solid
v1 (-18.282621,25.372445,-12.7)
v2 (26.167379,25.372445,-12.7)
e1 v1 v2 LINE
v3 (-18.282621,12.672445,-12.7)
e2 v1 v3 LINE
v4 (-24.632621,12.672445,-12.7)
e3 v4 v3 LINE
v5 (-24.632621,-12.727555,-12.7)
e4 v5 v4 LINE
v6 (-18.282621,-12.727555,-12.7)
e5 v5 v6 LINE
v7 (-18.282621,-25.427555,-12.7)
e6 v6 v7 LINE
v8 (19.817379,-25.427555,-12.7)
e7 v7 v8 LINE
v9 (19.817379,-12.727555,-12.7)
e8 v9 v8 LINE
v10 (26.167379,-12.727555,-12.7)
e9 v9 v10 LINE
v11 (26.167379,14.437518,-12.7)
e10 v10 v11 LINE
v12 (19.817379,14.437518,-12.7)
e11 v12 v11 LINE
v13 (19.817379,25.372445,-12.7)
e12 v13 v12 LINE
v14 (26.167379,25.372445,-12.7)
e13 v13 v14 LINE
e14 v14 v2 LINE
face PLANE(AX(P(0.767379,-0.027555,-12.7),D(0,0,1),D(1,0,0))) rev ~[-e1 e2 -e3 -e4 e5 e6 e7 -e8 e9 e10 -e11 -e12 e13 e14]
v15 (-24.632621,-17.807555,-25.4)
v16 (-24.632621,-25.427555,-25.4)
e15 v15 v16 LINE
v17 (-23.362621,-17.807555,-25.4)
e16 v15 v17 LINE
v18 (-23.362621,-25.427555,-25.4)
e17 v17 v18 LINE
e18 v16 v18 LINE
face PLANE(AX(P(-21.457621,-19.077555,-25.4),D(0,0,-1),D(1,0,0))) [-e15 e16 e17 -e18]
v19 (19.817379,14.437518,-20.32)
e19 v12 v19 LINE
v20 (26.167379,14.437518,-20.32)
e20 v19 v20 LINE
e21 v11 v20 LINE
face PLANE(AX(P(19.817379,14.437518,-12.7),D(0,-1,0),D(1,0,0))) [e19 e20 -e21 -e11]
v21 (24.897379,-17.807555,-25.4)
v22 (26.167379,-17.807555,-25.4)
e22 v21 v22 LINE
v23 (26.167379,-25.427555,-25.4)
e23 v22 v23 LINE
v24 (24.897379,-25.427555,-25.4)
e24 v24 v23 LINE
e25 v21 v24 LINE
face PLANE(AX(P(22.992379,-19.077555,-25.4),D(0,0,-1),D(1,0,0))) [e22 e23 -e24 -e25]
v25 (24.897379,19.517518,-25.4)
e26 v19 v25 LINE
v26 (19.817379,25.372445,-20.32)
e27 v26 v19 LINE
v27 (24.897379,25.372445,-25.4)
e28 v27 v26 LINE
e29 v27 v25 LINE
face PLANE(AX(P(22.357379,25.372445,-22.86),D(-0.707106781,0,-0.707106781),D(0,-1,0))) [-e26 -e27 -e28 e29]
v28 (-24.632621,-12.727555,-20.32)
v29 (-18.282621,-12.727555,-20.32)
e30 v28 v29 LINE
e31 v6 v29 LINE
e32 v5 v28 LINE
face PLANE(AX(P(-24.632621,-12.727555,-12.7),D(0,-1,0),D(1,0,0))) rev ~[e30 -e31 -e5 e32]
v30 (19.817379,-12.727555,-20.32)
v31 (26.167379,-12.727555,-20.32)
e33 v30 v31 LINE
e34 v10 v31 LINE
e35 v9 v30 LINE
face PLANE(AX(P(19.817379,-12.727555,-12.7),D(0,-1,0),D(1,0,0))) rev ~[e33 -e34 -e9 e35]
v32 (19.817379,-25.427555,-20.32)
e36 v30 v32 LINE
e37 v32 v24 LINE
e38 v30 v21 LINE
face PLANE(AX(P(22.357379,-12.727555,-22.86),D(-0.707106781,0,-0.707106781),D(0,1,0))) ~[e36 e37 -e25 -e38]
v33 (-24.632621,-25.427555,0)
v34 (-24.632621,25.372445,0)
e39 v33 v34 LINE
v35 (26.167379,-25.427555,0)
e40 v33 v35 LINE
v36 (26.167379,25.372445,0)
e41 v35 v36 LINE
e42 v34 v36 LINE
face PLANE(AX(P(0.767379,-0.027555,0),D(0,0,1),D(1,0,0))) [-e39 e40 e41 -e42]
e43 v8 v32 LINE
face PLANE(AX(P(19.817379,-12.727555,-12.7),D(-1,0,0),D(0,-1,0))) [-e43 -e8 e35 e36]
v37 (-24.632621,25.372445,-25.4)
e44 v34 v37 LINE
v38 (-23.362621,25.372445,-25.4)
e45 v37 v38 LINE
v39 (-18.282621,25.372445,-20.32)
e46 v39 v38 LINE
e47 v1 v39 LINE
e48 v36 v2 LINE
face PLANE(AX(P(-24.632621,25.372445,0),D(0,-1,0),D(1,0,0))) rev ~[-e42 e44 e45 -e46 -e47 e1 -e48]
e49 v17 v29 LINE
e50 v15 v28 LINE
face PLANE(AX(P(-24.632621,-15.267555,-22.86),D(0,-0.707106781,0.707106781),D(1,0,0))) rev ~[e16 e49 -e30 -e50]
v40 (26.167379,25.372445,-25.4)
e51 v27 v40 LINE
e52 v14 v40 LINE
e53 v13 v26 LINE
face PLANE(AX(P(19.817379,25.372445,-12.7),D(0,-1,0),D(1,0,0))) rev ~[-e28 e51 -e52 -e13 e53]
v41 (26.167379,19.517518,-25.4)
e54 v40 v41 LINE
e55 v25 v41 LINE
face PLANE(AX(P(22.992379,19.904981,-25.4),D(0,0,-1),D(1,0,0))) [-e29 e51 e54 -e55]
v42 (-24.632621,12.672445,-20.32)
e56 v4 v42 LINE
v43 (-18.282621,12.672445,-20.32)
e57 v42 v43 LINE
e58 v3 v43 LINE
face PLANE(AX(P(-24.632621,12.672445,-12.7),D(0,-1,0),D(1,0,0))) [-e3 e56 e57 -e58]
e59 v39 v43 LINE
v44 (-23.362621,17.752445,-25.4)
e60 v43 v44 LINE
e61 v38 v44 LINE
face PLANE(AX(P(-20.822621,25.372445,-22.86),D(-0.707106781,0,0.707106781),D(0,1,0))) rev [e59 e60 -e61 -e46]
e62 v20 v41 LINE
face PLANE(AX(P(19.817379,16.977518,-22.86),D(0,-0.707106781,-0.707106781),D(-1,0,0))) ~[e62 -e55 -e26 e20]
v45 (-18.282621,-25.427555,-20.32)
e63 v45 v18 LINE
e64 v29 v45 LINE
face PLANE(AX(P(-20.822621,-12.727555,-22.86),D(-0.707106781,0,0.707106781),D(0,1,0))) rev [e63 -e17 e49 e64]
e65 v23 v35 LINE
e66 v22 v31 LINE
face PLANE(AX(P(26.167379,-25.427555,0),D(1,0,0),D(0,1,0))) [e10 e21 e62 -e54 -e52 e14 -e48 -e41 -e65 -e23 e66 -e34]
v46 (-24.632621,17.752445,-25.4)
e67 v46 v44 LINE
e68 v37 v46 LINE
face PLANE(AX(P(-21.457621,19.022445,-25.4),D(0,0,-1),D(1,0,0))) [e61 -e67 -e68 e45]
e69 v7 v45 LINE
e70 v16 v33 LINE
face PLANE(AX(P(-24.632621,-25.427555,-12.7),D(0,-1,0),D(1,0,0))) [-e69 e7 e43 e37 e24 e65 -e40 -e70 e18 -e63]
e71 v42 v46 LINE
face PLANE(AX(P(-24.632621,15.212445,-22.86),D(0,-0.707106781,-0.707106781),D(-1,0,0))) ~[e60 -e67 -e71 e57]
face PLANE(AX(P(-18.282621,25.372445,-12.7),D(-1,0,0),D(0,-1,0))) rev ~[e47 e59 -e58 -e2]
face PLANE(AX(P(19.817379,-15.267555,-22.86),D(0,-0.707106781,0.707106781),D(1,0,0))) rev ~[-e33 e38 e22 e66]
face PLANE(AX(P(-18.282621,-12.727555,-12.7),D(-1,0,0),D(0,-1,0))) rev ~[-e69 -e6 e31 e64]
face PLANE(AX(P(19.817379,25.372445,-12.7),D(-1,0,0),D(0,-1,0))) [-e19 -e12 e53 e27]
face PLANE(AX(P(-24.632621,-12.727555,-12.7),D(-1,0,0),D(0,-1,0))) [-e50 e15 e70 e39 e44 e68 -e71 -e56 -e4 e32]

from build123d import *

# Parameters (mm, degrees)
F0_W     = 50.8
F0_H     = 50.8
F1_DEPTH = 12.7
F2_W     = 6.35
F2_H     = 12.7
F2_H_2   = 10.934927
F3_DEPTH = 12.7
F4_SIZE  = 5.08


with BuildPart() as f1:
    # F0 (on Top) → F1 (new body)
    with BuildSketch(Plane.XY):
        with Locations((0.767379, -0.027555)):
            Rectangle(F0_W, F0_H)
    extrude(amount=-F1_DEPTH)

    # F2 (on face) → F3 (join)
    with BuildSketch(Plane(origin=(0, 0, -12.7), x_dir=(1, 0, 0), z_dir=(0, 0, -1))):
        with Locations((-21.457621, 19.077555)):
            Rectangle(F2_W, F2_H)
        with Locations((22.992379, 19.077555)):
            Rectangle(F2_W, F2_H)
        with Locations((-21.457621, -19.022445)):
            Rectangle(F2_W, F2_H)
        with Locations((22.992379, -19.904981)):
            Rectangle(F2_W, F2_H_2)
    extrude(amount=F3_DEPTH)

    # F4
    f4_edges = [f1.edges().sort_by_distance(p)[0] for p in [
        (-21.457621, -12.727555, -25.4),
        (-18.282621, -19.077555, -25.4),
        (19.817379, -19.077555, -25.4),
        (22.992379, -12.727555, -25.4),
        (-18.282621, 19.022445, -25.4),
        (-21.457621, 12.672445, -25.4),
        (22.992379, 14.437518, -25.4),
        (19.817379, 19.904981, -25.4),
    ]]
    chamfer(f4_edges, length=F4_SIZE)


solid = f1.part
